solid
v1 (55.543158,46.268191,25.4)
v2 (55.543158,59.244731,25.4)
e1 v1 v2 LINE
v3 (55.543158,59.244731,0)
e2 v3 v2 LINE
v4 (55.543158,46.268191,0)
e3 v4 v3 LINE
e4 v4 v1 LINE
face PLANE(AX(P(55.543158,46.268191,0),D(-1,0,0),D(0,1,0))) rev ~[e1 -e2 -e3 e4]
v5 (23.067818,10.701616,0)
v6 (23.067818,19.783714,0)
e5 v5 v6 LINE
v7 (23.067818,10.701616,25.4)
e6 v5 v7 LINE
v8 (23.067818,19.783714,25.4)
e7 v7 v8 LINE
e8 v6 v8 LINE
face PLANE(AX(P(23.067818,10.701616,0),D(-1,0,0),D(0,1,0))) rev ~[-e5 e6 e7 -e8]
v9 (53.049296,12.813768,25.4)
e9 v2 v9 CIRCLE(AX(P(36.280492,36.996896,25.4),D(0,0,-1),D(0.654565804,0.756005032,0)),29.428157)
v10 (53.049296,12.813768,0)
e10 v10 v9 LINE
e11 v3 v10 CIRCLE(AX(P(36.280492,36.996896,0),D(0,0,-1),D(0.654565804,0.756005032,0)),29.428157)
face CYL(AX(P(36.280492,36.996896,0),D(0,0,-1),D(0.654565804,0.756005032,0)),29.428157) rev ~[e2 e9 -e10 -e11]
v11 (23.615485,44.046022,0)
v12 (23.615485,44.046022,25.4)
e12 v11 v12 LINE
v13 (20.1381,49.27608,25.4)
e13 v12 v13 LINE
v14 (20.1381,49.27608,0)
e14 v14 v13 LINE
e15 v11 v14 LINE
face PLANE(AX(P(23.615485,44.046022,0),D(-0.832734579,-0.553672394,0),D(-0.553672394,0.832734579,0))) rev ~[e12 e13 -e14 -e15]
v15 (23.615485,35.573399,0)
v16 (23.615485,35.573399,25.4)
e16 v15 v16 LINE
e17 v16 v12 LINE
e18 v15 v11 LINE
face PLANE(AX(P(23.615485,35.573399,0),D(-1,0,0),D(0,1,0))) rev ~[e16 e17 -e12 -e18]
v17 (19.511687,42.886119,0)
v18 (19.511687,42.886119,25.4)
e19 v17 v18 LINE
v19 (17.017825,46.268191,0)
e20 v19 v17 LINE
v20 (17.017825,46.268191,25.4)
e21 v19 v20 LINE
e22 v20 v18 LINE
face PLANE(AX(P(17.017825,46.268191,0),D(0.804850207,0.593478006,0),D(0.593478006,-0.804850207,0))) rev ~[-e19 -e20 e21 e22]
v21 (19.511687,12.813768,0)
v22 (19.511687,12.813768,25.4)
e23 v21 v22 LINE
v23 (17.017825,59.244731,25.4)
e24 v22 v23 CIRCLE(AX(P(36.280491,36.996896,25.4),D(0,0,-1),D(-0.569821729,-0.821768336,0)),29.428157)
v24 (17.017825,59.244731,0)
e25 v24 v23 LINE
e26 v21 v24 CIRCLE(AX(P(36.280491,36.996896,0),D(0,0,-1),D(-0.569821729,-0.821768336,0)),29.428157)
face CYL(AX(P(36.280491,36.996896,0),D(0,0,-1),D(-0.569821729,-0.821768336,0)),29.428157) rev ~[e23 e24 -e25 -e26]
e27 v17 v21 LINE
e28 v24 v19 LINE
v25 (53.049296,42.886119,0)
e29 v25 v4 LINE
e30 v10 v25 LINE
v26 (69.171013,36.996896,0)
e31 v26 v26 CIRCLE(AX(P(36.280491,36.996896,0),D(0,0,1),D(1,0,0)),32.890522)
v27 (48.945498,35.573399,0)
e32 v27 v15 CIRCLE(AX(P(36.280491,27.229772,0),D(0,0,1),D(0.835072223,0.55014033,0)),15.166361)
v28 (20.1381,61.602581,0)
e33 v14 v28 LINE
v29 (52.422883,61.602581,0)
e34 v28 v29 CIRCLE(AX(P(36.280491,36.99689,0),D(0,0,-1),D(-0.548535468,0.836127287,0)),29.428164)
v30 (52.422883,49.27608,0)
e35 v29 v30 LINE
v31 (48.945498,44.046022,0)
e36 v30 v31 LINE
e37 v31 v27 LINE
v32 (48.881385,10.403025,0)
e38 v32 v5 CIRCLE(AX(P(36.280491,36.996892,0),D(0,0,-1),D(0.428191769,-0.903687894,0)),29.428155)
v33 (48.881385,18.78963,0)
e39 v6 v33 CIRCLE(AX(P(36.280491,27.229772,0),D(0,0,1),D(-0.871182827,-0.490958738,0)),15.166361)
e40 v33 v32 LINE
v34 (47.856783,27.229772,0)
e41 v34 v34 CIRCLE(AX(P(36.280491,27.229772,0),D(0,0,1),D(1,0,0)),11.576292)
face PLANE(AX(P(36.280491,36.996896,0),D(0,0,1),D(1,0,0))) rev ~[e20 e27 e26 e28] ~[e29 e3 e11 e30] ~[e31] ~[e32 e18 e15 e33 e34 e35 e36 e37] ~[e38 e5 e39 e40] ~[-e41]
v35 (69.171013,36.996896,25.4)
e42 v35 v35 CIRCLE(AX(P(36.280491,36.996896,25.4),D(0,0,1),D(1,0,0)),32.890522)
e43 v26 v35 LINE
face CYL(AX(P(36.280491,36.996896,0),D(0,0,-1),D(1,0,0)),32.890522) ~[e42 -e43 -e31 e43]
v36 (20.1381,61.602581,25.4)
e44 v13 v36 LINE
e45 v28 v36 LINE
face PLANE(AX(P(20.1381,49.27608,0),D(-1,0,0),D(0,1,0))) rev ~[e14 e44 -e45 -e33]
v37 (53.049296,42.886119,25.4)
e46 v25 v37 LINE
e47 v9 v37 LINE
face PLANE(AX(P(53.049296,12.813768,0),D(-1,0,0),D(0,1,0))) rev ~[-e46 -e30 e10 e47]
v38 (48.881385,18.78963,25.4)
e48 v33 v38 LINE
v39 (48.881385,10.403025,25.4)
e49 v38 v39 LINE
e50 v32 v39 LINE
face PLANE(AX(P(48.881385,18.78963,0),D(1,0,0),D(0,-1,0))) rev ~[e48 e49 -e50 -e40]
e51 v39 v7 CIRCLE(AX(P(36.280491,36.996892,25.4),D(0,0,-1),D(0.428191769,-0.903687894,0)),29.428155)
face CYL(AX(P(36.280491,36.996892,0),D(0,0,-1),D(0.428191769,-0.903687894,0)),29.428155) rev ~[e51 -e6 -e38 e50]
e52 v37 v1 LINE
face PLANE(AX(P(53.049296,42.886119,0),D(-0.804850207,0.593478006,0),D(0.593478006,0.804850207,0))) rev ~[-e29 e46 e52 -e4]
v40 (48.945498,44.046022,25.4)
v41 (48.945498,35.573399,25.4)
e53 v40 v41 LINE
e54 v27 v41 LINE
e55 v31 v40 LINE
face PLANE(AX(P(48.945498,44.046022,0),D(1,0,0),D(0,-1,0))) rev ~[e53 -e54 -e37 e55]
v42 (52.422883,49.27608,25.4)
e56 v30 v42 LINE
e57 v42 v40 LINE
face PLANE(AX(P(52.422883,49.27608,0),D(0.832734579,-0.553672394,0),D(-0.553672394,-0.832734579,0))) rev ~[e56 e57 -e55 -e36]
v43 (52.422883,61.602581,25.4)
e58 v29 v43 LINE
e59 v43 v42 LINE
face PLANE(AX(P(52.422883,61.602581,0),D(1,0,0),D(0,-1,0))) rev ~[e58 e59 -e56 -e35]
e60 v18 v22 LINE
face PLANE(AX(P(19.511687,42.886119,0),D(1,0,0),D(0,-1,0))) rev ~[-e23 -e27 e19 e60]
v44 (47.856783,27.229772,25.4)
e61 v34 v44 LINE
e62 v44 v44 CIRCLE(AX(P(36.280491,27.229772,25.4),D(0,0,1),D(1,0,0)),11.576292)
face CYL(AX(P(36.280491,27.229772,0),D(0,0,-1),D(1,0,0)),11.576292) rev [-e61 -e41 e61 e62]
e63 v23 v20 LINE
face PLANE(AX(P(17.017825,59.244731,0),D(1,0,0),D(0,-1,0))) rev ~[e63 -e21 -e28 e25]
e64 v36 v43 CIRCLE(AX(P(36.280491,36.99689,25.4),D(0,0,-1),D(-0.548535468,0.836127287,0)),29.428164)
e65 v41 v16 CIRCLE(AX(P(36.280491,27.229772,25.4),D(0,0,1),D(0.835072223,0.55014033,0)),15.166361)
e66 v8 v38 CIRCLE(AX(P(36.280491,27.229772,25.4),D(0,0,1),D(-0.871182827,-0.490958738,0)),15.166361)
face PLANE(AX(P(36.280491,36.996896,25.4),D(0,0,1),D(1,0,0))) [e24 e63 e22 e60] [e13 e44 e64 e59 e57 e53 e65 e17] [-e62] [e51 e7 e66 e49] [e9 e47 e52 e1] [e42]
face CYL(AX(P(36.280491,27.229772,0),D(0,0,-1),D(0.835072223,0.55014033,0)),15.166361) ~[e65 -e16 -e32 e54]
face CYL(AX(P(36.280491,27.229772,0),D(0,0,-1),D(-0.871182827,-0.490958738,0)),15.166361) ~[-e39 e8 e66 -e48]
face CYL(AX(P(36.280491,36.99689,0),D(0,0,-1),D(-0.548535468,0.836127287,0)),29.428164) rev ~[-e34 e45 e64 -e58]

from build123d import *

# Parameters (mm, degrees)
F0_R     = 32.890522
F0_R_2   = 11.576292
F1_DEPTH = 25.4


with BuildPart() as f1:
    # F0 (on Top) → F1 (new body)
    with BuildSketch(Plane.XY):
        with Locations((36.280491, 36.996896)):
            Circle(F0_R)
        with BuildLine():
            ThreePointArc((48.881385, 10.403025), (35.940113, 7.570706), (23.067818, 10.701616))
            Line((23.067818, 10.701616), (23.067818, 19.783714))
            ThreePointArc((23.067818, 19.783714), (35.696865, 12.074644), (48.881385, 18.78963))
            Line((48.881385, 18.78963), (48.881385, 10.403025))
        make_face(mode=Mode.SUBTRACT)
        with BuildLine():
            Line((19.511687, 42.886119), (19.511687, 12.813768))
            ThreePointArc((19.511687, 12.813768), (6.89469, 35.41855), (17.017825, 59.244731))
            Line((17.017825, 59.244731), (17.017825, 46.268191))
            Line((17.017825, 46.268191), (19.511687, 42.886119))
        make_face(mode=Mode.SUBTRACT)
        with Locations((36.280491, 27.229772)):
            Circle(F0_R_2, mode=Mode.SUBTRACT)
        with BuildLine():
            Line((53.049296, 42.886119), (55.543158, 46.268191))
            Line((55.543158, 46.268191), (55.543158, 59.244731))
            ThreePointArc((55.543158, 59.244731), (65.666293, 35.41855), (53.049296, 12.813768))
            Line((53.049296, 12.813768), (53.049296, 42.886119))
        make_face(mode=Mode.SUBTRACT)
        with BuildLine():
            Line((20.1381, 49.27608), (20.1381, 61.602581))
            ThreePointArc((20.1381, 61.602581), (36.280491, 66.425054), (52.422883, 61.602581))
            Line((52.422883, 61.602581), (52.422883, 49.27608))
            Line((52.422883, 49.27608), (48.945498, 44.046022))
            Line((48.945498, 44.046022), (48.945498, 35.573399))
            ThreePointArc((48.945498, 35.573399), (36.280491, 42.396133), (23.615485, 35.573399))
            Line((23.615485, 35.573399), (23.615485, 44.046022))
            Line((23.615485, 44.046022), (20.1381, 49.27608))
        make_face(mode=Mode.SUBTRACT)
    extrude(amount=F1_DEPTH)


solid = f1.part
